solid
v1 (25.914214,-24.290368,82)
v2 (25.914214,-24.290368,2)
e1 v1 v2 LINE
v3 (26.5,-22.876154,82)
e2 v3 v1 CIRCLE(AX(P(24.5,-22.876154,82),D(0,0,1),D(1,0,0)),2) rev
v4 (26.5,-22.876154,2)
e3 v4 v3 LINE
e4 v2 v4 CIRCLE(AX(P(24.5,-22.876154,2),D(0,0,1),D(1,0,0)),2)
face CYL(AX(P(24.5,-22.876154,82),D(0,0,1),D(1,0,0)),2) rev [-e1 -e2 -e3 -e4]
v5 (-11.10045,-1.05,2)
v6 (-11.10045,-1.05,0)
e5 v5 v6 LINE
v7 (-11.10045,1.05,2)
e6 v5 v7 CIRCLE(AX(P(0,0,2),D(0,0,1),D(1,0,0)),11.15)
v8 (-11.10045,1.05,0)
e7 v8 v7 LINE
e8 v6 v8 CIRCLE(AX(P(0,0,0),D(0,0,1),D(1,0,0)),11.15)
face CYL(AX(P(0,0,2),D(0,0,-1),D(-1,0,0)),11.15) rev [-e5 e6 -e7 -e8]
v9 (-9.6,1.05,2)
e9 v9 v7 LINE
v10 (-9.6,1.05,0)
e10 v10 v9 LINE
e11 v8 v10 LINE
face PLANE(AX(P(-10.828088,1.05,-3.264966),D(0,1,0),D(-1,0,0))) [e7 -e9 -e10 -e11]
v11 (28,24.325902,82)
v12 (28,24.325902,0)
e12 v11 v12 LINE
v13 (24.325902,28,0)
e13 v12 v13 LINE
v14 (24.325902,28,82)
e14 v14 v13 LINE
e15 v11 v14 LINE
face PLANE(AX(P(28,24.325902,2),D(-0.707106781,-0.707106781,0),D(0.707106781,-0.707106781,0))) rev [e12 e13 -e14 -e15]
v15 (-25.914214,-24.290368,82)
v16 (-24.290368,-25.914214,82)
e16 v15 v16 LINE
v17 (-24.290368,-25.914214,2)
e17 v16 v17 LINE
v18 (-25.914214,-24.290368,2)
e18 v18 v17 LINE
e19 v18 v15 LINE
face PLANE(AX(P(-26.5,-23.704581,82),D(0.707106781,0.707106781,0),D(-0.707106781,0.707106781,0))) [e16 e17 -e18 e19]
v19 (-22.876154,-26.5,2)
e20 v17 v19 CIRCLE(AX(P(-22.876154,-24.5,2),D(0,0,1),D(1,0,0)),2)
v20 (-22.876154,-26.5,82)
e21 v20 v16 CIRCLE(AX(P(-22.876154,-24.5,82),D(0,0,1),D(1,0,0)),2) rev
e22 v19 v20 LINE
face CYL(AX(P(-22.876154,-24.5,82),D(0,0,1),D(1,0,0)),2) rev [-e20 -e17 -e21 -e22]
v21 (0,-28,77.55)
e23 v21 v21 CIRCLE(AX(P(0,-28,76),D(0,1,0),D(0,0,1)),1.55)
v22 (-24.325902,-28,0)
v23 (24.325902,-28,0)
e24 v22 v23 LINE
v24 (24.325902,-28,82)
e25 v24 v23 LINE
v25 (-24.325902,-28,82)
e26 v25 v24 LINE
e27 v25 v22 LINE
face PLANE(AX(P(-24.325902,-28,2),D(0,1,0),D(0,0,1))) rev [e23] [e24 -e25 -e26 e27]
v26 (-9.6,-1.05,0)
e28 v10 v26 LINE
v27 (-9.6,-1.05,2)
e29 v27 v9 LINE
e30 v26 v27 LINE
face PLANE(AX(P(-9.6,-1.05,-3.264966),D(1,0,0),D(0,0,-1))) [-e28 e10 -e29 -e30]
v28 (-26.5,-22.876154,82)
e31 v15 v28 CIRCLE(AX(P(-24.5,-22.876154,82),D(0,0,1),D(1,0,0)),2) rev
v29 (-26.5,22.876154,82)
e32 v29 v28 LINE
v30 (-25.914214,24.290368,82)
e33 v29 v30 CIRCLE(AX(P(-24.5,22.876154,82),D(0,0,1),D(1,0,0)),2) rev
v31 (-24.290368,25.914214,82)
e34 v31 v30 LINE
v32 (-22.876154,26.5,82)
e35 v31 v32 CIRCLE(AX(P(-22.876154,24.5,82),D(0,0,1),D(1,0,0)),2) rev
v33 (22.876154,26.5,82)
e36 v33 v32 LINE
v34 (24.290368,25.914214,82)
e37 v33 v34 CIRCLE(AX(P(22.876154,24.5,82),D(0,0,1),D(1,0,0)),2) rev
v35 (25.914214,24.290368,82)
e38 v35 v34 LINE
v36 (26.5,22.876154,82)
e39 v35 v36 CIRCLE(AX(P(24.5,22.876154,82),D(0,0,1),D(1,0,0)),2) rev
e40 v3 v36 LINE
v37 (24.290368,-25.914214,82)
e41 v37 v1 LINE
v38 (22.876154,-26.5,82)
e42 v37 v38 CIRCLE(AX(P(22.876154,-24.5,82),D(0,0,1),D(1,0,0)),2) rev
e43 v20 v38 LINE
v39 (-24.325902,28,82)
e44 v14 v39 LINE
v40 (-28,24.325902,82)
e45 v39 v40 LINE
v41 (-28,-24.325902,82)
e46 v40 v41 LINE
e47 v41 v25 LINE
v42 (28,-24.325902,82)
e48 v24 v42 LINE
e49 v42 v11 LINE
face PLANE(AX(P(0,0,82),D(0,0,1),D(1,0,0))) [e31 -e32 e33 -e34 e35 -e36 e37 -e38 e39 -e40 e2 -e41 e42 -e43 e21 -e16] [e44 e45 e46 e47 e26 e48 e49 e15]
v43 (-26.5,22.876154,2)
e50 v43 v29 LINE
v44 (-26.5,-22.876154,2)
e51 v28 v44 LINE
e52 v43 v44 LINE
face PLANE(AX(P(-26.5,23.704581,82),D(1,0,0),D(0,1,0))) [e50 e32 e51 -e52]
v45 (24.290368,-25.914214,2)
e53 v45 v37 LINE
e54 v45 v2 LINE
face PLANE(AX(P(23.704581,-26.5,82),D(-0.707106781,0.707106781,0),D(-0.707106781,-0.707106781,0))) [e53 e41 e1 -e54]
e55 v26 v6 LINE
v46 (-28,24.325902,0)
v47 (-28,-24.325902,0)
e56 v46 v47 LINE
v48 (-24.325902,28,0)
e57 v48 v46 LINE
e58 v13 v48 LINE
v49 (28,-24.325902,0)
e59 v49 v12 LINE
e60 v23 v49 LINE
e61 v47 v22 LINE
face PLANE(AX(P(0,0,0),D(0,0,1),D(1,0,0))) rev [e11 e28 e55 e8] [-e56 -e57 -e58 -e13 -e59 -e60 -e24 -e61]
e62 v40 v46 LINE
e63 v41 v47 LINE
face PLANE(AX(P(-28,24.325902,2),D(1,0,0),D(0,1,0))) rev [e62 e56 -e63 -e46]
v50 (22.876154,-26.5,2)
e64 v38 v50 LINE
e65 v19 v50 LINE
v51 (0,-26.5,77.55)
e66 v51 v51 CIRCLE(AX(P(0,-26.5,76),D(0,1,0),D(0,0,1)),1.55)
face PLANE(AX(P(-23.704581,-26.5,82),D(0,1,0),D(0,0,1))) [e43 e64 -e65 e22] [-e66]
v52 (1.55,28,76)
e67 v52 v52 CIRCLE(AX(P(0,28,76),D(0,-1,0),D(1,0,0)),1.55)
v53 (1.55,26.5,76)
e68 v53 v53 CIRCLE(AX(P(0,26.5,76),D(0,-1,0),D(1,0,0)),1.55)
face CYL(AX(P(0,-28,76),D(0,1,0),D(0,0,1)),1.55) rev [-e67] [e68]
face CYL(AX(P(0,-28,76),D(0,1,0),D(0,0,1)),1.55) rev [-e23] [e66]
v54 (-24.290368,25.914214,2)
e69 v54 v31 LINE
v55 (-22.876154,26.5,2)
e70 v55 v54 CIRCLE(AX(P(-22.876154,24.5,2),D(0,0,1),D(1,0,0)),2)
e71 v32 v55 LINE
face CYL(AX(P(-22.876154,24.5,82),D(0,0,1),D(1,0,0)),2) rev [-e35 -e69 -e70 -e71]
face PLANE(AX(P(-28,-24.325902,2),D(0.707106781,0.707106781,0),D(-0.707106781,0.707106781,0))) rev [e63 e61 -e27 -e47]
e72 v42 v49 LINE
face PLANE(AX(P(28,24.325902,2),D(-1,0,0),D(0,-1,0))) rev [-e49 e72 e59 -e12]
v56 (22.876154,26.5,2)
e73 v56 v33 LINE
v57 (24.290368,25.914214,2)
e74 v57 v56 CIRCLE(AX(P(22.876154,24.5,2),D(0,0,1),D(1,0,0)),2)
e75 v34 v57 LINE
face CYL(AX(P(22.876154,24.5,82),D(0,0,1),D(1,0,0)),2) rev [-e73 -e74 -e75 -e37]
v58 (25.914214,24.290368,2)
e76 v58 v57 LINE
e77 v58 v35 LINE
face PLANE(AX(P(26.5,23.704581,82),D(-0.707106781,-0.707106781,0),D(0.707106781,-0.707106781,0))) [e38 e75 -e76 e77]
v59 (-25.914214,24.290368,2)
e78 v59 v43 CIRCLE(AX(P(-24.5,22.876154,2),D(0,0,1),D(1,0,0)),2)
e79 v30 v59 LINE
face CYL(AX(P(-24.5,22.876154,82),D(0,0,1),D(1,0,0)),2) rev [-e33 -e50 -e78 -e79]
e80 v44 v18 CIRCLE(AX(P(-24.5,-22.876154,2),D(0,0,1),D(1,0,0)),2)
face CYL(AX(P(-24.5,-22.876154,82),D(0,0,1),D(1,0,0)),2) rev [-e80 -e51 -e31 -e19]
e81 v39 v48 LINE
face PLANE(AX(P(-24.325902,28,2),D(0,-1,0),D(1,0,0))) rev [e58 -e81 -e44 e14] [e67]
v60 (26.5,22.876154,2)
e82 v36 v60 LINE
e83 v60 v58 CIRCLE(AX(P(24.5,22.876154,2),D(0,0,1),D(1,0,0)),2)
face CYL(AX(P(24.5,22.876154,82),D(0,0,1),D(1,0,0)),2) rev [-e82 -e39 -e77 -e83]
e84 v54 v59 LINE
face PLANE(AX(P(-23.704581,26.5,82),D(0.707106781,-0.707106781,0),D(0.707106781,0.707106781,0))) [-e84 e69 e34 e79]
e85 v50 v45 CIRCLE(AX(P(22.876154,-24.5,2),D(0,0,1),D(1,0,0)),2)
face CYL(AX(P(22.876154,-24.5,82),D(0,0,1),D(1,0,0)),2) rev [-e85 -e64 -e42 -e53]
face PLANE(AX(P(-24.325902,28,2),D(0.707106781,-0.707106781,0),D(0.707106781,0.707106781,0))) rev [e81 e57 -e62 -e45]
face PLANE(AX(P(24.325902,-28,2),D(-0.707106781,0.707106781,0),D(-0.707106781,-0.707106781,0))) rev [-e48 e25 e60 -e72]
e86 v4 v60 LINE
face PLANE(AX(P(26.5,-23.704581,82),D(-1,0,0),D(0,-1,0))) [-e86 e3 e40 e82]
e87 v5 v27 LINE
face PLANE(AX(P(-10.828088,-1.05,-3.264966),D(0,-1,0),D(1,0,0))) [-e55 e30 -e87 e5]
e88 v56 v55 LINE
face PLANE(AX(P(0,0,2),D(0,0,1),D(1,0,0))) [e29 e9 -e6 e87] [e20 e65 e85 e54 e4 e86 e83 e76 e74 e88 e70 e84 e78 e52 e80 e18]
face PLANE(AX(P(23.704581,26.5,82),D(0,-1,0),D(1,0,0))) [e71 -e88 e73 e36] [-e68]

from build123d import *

# Parameters (mm, degrees)
ESQUISSE1_R                  = 11.15
BOSS_EXTRU_1_DEPTH           = 2
BOSS_EXTRU_2_DEPTH           = 80
BOSS_EXTRU_3_DEPTH           = 2.3
ENL_V_MAT_EXTRU_1_DEPTH      = 106.452595985
ENL_V_MAT_EXTRU_1_DEPTH_BACK = 106.452595985
ESQUISSE4_R                  = 1.55
BOSS_EXTRU_4_DEPTH           = 2
ENL_V_MAT_EXTRU_2_DEPTH      = 10
CONG_1_R                     = 2


with BuildPart() as part:
    # Esquisse1 → Boss.-Extru.1 (new body)
    with BuildSketch(Plane.XY):
        Polygon((-24.325901808, 28), (24.325901808, 28), (28, 24.325901808), (28, -24.325901808), (24.325901808, -28), (-24.325901808, -28), (-28, -24.325901808), (-28, 24.325901808), align=None)
        Circle(ESQUISSE1_R, mode=Mode.SUBTRACT)
    extrude(amount=BOSS_EXTRU_1_DEPTH)

    # Esquisse2 → Boss.-Extru.2 (add)
    with BuildSketch(Plane.XY.offset(2)):
        Polygon((-28, 24.325901808), (-28, -24.325901808), (-24.325901808, -28), (24.325901808, -28), (28, -24.325901808), (28, 24.325901808), (24.325901808, 28), (-24.325901808, 28), align=None)
        Polygon((-26.5, 23.704581464), (-26.5, -23.704581464), (-23.704581464, -26.5), (23.704581464, -26.5), (26.5, -23.704581464), (26.5, 23.704581464), (23.704581464, 26.5), (-23.704581464, 26.5), align=None, mode=Mode.SUBTRACT)
    extrude(amount=BOSS_EXTRU_2_DEPTH)

    # Esquisse3 → Boss.-Extru.3 (add)
    with BuildSketch(Plane(origin=(0, 0, 0), x_dir=(-1, 0, 0), z_dir=(0, 0, -1))):
        Polygon((-28, -20), (-28, 20), (-35.5, 12.5), (-35.5, -12.5), align=None)
        Polygon((-31.75, 3.175426481), (-34.5, 1.58771324), (-34.5, -1.58771324), (-31.75, -3.175426481), (-29, -1.58771324), (-29, 1.58771324), align=None, mode=Mode.SUBTRACT)
    extrude(amount=-BOSS_EXTRU_3_DEPTH)

    # Esquisse4 → Enlèv. mat.-Extru.1 (cut, two sides: drawn at the far end of the back side and taken through both)
    with BuildSketch(Plane(origin=(0, 28, 0), x_dir=(1, 0, 0), z_dir=(0, 1, 0)).offset(-ENL_V_MAT_EXTRU_1_DEPTH_BACK)):
        with Locations((0, -76)):
            Circle(ESQUISSE4_R)
    extrude(amount=ENL_V_MAT_EXTRU_1_DEPTH + ENL_V_MAT_EXTRU_1_DEPTH_BACK, mode=Mode.SUBTRACT)

    # Esquisse5 → Boss.-Extru.4 (add)
    with BuildSketch(Plane.XY.offset(2)):
        Polygon((-10.828088474, -1.05), (-12.1, -1.05), (-12.1, 1.05), (-10.828088474, 1.05), (-9.6, 1.05), (-9.6, -1.05), align=None)
    extrude(amount=-BOSS_EXTRU_4_DEPTH)

    # Esquisse6 → Enlèv. mat.-Extru.2 (cut)
    with BuildSketch(Plane.XY.offset(2.3)):
        Polygon((28, -20), (35.5, -12.5), (35.5, 12.5), (28, 20), align=None)
    extrude(amount=-ENL_V_MAT_EXTRU_2_DEPTH, mode=Mode.SUBTRACT)

    # Congé1
    cong_1_edges = [part.edges().sort_by_distance(p)[0] for p in [
        (-23.704581464, -26.5, 42),
        (23.704581464, -26.5, 42),
        (26.5, -23.704581464, 42),
        (26.5, 23.704581464, 42),
        (23.704581464, 26.5, 42),
        (-23.704581464, 26.5, 42),
        (-26.5, 23.704581464, 42),
        (-26.5, -23.704581464, 42),
    ]]
    fillet(cong_1_edges, radius=CONG_1_R)


solid = part.part
